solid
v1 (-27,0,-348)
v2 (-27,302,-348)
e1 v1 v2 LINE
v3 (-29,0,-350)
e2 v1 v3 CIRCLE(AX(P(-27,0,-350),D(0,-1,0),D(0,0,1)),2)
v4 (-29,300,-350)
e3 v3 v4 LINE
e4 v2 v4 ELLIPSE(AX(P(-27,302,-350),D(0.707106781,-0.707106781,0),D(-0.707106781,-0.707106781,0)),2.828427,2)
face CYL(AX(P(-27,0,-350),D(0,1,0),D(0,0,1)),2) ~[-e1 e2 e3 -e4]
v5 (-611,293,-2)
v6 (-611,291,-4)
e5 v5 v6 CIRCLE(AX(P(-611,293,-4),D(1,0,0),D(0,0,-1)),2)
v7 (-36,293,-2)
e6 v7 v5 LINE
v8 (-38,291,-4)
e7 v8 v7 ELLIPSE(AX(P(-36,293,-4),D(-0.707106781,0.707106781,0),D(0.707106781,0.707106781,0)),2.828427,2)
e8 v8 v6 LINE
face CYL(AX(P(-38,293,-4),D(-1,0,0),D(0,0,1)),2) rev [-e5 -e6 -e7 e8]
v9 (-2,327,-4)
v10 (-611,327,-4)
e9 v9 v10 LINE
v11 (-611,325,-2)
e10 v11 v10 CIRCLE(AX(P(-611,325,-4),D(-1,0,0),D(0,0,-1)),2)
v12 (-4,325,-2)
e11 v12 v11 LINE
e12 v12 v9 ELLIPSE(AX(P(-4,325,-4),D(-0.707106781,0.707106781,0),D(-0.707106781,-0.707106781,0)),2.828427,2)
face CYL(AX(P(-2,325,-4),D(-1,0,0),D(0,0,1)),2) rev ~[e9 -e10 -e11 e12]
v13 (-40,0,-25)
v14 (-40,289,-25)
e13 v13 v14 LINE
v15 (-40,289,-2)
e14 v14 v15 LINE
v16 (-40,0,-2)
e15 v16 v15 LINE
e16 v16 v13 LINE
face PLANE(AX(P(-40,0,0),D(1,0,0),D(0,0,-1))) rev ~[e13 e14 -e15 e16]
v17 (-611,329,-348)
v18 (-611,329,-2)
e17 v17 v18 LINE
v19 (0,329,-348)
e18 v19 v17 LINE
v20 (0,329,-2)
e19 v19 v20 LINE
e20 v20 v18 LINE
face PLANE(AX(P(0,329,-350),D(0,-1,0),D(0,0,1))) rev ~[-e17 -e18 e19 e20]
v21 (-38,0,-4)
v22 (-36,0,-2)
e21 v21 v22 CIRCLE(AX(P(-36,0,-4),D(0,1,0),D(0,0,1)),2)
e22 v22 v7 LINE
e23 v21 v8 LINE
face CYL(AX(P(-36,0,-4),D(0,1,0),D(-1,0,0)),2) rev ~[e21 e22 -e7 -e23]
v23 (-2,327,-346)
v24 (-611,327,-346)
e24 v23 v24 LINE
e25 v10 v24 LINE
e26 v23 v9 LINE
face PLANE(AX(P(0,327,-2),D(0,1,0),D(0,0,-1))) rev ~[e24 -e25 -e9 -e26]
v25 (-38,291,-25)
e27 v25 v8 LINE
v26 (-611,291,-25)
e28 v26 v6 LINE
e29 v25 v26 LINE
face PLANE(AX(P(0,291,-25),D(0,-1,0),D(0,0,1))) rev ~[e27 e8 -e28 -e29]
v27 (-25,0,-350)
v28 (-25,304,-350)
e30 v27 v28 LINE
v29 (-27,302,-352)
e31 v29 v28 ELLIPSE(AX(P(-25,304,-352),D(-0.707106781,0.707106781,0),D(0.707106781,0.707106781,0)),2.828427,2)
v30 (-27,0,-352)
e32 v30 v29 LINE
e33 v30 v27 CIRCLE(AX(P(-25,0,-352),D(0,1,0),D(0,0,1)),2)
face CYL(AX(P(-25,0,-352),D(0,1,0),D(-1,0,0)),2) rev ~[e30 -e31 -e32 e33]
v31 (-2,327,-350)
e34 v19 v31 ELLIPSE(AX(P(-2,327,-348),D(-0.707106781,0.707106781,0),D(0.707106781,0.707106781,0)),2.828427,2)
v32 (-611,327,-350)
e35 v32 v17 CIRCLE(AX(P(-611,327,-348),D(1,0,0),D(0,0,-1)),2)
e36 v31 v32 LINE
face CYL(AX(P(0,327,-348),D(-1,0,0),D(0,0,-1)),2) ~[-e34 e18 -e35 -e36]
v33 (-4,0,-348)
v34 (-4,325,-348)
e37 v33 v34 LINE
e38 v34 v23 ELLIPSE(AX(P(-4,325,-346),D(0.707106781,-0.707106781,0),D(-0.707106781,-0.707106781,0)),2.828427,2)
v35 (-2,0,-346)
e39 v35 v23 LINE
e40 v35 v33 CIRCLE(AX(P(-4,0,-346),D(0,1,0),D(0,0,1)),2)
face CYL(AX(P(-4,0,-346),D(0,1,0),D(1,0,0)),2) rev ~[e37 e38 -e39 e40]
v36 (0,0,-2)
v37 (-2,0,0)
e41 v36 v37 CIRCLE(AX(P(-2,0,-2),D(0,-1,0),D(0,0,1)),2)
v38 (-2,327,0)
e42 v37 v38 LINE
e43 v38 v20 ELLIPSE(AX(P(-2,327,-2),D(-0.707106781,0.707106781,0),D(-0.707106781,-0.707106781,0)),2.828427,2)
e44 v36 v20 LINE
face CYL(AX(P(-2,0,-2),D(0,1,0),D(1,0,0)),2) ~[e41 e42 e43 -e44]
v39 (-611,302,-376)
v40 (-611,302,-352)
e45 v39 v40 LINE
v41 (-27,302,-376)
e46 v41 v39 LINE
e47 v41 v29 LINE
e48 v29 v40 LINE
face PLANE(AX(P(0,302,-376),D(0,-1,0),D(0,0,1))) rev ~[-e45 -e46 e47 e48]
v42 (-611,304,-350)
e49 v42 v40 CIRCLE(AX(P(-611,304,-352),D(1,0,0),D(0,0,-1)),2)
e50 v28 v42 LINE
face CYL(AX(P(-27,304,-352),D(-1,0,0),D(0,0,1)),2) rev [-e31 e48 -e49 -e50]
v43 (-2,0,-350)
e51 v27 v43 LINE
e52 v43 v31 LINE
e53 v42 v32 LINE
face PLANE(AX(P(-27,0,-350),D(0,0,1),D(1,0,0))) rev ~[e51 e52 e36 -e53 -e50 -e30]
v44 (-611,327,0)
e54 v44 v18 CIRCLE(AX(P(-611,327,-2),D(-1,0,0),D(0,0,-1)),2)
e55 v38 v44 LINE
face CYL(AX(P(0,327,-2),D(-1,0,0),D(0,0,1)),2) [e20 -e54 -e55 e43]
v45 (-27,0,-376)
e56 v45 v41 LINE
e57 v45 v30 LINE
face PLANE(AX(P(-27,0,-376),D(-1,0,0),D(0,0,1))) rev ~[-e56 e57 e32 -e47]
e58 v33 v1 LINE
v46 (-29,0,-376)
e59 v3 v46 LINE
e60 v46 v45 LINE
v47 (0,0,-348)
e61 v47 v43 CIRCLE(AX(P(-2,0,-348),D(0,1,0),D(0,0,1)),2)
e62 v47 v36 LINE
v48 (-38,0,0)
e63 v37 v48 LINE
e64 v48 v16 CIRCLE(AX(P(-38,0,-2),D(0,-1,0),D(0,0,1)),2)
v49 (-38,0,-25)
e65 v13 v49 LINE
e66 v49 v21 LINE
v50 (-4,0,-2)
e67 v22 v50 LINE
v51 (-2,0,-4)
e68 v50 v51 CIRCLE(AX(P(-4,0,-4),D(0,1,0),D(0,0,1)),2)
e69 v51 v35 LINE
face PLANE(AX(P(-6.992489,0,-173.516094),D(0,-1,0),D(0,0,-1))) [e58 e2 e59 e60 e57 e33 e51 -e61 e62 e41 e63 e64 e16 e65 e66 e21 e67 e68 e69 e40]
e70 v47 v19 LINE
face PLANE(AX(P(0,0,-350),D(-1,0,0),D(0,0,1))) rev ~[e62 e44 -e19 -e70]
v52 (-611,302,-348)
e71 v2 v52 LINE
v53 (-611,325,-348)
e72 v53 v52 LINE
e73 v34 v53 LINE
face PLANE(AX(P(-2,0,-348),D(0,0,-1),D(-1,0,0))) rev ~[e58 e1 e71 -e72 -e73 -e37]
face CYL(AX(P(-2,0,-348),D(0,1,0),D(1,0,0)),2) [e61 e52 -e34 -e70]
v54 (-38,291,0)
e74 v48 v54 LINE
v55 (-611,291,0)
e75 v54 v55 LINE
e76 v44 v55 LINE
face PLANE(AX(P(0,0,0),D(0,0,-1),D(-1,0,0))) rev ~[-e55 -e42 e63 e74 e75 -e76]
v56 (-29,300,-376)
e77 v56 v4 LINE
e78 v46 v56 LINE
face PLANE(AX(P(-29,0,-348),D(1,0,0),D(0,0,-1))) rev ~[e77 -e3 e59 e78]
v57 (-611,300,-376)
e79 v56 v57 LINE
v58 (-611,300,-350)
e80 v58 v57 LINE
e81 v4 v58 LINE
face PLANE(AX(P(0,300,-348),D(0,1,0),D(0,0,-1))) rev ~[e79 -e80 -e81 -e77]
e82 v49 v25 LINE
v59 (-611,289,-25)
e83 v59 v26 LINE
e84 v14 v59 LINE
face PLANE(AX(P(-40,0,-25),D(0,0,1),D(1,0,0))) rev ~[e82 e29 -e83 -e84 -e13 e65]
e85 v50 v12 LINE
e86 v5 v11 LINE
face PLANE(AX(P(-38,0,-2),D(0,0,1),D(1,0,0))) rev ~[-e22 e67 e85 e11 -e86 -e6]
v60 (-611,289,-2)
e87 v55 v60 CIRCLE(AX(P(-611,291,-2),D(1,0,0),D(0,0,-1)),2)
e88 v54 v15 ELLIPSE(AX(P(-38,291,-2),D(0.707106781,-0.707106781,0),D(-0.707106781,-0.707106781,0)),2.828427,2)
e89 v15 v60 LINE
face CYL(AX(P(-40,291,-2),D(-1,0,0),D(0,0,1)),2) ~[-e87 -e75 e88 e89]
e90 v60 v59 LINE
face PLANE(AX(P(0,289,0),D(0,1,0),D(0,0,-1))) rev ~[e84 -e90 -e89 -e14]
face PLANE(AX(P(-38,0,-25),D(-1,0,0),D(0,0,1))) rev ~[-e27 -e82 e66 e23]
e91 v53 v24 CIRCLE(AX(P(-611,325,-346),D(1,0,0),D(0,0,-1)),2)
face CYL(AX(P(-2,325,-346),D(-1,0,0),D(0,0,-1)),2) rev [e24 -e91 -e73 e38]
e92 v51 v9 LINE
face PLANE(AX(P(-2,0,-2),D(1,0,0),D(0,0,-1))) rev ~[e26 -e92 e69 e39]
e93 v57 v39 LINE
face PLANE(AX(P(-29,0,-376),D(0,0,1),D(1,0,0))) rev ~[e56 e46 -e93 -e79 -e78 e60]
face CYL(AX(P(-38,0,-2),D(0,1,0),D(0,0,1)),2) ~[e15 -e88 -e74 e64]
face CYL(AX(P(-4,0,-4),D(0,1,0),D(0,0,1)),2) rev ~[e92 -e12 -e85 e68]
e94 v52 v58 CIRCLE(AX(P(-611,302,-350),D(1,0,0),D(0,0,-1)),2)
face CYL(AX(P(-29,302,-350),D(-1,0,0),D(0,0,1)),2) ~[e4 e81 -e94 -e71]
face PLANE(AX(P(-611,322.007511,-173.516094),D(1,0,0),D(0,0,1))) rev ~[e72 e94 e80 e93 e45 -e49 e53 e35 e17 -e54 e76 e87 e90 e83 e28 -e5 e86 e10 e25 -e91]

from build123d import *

# Parameters (mm, degrees)
F3_R = 2


with BuildPart() as f2:
    # F2: sweep along a path in F1
    with BuildLine(Plane.XY) as f2_path:
        Line((0, 0), (0, 329))
        Line((0, 329), (-611, 329))
    # F0 (on Front) → F2 (sweep)
    with BuildSketch(Plane.XZ):
        Polygon((0, -350), (0, 0), (-40, 0), (-40, -25), (-38, -25), (-38, -2), (-2, -2), (-2, -348), (-29, -348), (-29, -376), (-27, -376), (-27, -350), align=None)
    sweep(path=f2_path.line, transition=Transition.RIGHT)

    # F3
    f3_edges = [f2.edges().sort_by_distance(p)[0] for p in [
        (-325.5, 289, 0),
        (-305.5, 329, 0),
        (-40, 144.5, 0),
        (0, 164.5, 0),
        (-306.5, 327, -348),
        (-320, 300, -348),
        (-29, 150, -348),
        (-2, 163.5, -348),
        (0, 164.5, -350),
        (-27, 151, -350),
        (-319, 302, -350),
        (-305.5, 329, -350),
        (-306.5, 327, -2),
        (-2, 163.5, -2),
        (-38, 145.5, -2),
        (-324.5, 291, -2),
    ]]
    fillet(f3_edges, radius=F3_R)


solid = f2.part
